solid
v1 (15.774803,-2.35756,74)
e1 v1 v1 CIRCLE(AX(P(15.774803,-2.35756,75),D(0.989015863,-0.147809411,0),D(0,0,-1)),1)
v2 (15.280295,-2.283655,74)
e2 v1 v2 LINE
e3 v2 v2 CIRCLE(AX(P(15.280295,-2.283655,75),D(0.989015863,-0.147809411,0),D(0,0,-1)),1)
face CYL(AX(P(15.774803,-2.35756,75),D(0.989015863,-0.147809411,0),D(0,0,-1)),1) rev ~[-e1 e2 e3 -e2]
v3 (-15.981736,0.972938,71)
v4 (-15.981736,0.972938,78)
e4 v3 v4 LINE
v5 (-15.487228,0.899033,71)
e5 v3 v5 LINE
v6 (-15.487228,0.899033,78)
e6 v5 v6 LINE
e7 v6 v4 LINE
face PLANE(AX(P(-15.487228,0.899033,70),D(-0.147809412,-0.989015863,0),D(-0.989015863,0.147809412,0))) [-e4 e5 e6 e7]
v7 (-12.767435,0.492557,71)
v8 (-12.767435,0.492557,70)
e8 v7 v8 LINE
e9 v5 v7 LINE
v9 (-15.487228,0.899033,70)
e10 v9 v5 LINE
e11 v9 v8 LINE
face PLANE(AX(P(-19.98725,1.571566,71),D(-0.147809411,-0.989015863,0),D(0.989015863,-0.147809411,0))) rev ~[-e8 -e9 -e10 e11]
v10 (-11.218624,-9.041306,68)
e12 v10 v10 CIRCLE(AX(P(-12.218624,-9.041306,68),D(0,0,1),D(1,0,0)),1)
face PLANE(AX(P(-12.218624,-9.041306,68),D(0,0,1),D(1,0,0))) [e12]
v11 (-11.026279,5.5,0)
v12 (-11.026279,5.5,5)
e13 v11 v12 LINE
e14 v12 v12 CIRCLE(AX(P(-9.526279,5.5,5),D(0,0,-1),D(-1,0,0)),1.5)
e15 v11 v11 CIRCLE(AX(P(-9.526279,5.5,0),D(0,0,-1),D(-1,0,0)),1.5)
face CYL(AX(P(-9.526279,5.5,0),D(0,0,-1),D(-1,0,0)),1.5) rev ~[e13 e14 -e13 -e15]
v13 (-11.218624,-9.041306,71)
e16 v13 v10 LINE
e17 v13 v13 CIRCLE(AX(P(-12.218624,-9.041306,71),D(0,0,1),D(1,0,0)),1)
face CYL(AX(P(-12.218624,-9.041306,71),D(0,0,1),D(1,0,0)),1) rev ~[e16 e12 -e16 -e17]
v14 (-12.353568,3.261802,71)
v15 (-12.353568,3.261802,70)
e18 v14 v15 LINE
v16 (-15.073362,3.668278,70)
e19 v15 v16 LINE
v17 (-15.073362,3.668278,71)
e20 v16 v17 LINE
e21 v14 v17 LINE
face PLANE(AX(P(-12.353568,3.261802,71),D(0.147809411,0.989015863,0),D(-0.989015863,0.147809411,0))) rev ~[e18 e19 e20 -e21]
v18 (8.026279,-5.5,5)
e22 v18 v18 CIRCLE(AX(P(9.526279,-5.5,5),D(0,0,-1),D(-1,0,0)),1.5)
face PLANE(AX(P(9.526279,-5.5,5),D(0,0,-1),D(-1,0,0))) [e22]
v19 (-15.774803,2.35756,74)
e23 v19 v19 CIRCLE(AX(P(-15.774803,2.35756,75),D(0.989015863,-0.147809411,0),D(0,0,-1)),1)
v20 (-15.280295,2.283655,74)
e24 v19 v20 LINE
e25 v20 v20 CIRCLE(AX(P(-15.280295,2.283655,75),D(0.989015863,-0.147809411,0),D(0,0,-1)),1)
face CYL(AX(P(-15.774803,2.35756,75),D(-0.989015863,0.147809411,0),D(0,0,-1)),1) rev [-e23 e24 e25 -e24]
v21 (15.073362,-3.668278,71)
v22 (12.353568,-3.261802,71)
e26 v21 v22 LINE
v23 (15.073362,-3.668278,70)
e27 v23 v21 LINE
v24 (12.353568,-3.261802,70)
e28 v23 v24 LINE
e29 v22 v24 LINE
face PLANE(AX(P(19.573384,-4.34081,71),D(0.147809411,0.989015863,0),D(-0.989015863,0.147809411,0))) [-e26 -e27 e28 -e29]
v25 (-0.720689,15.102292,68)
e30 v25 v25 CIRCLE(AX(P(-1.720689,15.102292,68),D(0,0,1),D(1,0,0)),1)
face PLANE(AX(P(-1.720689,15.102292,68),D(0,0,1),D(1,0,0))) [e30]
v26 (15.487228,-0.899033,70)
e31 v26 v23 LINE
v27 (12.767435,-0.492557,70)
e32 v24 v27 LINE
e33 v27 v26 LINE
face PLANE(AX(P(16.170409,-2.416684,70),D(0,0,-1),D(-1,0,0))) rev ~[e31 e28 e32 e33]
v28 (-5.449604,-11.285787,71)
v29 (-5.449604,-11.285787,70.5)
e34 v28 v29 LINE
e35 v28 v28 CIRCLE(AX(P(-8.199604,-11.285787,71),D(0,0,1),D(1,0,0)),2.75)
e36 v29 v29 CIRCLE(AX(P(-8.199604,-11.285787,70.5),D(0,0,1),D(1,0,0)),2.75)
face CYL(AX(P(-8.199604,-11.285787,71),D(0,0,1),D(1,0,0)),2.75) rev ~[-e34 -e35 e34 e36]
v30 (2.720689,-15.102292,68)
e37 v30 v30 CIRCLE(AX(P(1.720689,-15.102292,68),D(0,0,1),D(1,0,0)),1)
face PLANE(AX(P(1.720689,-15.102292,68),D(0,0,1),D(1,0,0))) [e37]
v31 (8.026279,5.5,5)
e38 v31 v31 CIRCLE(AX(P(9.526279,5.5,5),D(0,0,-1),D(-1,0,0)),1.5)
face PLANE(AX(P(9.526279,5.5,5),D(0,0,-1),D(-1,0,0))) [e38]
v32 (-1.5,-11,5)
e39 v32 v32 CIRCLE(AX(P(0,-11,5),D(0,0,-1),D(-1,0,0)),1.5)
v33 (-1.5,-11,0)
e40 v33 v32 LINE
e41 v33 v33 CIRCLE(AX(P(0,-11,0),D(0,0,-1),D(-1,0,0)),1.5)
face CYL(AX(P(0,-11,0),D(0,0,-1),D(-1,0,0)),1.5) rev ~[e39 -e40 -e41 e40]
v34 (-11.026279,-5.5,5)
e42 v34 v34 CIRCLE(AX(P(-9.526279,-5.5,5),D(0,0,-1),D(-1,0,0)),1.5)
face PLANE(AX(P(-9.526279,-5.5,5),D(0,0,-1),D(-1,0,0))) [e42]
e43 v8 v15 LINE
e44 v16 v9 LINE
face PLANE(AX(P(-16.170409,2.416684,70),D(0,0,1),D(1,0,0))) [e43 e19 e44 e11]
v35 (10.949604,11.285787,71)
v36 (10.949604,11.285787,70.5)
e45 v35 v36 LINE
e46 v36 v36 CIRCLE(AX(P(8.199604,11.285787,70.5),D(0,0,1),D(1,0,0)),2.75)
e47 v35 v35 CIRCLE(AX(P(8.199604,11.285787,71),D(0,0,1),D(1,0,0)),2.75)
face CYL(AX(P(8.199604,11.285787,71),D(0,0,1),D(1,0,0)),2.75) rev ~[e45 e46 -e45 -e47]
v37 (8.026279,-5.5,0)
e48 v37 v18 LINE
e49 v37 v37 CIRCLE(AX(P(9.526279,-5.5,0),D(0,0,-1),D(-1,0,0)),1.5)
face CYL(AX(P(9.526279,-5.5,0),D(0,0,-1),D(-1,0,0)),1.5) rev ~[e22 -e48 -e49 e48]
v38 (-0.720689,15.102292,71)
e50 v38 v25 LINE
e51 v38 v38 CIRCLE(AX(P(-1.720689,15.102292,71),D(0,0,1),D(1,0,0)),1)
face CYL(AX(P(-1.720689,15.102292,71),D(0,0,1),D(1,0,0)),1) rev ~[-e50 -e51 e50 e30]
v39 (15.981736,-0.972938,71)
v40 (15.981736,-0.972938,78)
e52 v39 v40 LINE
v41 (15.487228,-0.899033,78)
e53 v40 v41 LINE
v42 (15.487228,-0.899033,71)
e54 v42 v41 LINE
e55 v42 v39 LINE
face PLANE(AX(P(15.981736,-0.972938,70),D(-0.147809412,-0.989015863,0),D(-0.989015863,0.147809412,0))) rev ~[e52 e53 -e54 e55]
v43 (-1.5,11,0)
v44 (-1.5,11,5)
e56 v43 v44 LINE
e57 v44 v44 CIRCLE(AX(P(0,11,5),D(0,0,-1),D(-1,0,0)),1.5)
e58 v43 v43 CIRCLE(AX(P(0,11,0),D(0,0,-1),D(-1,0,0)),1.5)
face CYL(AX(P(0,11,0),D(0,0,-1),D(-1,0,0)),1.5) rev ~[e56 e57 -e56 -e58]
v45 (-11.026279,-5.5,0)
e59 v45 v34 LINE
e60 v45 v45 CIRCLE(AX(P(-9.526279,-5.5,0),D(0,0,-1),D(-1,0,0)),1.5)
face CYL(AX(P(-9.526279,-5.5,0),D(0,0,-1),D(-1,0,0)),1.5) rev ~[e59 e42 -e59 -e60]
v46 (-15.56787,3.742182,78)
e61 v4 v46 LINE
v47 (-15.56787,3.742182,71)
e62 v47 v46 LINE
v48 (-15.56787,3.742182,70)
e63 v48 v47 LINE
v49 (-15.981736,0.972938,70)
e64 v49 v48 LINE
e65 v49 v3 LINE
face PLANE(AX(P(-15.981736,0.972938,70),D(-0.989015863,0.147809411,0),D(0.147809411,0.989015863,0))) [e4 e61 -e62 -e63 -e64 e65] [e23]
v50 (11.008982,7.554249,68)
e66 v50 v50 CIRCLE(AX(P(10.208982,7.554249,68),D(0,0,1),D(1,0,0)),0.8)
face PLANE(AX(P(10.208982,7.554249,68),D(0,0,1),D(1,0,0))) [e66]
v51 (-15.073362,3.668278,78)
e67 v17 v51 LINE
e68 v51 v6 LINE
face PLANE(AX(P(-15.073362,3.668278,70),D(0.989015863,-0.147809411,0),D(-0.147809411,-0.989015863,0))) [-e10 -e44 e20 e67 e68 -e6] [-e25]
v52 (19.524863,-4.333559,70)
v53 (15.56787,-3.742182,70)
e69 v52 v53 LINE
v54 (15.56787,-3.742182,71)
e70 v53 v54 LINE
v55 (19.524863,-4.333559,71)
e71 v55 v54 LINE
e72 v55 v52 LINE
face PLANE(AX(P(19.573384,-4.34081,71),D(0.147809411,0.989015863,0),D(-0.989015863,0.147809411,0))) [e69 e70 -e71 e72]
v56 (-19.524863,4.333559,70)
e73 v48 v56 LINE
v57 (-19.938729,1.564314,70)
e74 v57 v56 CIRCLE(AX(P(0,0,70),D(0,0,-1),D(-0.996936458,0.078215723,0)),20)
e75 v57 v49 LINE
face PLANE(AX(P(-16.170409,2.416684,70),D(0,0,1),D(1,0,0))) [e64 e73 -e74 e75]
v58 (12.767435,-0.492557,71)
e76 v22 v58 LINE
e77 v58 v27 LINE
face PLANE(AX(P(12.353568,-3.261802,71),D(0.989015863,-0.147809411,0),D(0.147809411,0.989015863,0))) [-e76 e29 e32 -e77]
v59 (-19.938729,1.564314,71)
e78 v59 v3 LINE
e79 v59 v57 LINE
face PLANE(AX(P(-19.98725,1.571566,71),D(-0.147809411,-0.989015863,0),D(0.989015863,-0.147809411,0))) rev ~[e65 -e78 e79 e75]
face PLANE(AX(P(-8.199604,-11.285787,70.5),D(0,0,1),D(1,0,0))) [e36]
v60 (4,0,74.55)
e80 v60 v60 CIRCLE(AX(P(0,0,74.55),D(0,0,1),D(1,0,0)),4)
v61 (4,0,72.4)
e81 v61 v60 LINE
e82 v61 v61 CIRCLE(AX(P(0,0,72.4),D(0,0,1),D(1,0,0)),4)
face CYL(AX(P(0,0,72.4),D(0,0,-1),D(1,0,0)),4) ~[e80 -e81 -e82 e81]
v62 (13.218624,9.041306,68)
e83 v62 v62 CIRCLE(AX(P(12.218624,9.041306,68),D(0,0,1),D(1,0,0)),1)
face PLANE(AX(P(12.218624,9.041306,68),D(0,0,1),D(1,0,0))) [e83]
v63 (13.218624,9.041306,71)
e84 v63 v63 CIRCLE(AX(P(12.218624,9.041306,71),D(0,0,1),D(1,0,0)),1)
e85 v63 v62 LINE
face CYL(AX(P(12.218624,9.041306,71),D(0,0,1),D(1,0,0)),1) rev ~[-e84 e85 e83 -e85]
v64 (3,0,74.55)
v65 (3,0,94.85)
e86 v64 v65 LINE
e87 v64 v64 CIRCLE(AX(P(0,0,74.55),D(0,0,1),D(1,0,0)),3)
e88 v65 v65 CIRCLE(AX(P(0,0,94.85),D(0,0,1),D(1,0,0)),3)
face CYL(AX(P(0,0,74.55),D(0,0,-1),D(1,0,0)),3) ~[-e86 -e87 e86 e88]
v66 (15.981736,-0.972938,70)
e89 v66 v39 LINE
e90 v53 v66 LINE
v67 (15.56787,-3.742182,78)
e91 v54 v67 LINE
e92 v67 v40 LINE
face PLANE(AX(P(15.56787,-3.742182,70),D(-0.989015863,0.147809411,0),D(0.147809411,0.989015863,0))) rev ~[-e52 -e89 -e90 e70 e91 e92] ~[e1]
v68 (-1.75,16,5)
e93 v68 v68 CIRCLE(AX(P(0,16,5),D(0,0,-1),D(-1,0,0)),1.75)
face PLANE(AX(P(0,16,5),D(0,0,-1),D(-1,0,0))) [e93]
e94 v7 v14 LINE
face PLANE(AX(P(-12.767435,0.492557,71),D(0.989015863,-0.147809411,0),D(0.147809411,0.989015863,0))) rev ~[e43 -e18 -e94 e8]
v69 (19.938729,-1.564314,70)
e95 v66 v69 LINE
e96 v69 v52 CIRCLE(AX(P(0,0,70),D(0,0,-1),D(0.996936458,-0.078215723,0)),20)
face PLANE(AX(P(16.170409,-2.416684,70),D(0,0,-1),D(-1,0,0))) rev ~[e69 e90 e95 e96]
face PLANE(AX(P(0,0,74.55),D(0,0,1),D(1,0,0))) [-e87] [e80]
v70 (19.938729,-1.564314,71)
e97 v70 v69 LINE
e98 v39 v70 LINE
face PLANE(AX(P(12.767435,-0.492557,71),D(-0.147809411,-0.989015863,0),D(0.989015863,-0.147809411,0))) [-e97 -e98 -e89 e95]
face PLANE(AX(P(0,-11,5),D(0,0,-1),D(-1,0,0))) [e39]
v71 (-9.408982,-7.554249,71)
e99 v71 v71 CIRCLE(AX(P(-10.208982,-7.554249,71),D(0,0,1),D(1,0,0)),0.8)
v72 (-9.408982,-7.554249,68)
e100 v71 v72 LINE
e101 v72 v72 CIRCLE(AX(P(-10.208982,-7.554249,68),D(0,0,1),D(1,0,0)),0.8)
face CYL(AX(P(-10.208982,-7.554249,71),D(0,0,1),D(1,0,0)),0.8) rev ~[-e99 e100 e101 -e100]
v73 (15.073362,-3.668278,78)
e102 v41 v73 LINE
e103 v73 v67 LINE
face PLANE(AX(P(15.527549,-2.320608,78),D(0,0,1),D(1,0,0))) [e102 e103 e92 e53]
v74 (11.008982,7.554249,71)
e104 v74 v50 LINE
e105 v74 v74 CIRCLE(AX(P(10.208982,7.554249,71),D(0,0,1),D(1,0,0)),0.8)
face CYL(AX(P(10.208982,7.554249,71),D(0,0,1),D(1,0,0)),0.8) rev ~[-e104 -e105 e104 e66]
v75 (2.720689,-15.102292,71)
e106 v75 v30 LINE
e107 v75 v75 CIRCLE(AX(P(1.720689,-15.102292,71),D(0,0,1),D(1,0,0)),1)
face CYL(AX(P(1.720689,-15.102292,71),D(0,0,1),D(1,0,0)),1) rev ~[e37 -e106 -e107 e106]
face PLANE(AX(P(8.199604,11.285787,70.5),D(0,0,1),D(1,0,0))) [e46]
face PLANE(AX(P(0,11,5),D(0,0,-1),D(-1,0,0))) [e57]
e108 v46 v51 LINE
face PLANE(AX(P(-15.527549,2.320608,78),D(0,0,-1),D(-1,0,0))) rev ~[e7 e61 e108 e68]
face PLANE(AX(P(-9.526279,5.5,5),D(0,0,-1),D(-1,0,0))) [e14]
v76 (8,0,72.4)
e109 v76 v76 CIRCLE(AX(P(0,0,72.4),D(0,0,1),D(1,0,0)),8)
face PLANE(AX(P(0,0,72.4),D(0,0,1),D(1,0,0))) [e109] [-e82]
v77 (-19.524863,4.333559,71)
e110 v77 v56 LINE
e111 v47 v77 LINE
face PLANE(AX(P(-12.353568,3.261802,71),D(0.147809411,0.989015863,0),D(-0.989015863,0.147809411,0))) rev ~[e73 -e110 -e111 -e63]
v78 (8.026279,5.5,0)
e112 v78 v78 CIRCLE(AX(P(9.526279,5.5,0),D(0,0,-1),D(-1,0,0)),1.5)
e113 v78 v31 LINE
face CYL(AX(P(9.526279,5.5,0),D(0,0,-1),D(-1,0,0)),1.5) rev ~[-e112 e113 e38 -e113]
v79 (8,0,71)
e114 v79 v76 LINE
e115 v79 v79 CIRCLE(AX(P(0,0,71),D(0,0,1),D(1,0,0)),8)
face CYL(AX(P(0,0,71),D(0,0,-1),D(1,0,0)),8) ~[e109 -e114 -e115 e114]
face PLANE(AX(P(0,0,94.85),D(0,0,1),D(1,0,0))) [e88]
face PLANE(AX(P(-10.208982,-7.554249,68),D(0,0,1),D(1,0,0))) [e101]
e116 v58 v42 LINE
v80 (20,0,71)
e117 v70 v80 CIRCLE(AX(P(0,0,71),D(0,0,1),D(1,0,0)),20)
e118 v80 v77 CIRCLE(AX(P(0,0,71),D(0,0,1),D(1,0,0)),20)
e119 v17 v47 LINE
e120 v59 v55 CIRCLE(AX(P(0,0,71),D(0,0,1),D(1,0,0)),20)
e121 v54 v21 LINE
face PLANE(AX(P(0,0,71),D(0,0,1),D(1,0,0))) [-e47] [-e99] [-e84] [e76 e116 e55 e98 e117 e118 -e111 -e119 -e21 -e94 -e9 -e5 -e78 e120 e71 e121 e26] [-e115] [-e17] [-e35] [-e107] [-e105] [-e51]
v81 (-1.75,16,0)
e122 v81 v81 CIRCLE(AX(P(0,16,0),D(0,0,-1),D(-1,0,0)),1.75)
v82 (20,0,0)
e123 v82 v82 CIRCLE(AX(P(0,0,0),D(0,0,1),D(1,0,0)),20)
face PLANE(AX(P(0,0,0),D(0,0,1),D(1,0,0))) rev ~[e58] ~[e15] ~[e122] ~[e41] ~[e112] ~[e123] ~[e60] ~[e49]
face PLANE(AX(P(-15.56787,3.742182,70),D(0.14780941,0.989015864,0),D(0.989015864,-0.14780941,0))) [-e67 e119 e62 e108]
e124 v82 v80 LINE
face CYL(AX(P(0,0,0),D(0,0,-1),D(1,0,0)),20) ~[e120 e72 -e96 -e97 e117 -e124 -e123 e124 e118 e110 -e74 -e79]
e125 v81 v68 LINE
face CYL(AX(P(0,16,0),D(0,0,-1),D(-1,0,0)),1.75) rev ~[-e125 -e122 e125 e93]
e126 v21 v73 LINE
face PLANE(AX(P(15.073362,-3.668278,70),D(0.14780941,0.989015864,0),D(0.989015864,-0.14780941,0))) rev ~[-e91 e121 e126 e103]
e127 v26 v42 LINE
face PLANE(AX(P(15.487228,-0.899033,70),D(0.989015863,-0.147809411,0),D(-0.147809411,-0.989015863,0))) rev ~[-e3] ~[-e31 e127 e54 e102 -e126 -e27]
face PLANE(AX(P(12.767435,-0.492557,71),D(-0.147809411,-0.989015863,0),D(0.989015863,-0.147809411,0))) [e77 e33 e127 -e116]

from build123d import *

# Parameters (mm, degrees)
SKETCH1_R           = 20
BOSS_EXTRUDE1_DEPTH = 71
SKETCH2_R           = 8
BOSS_EXTRUDE2_DEPTH = 1.4
SKETCH3_R           = 4
BOSS_EXTRUDE3_DEPTH = 2.15
SKETCH4_R           = 3
BOSS_EXTRUDE4_DEPTH = 20.3
SKETCH5_R           = 1
SKETCH5_R_2         = 0.8
CUT_EXTRUDE1_DEPTH  = 3
CUT_EXTRUDE2_DEPTH  = 1
BOSS_EXTRUDE5_DEPTH = 8
SKETCH8_R           = 2.75
CUT_EXTRUDE3_DEPTH  = 0.5
CUT_EXTRUDE4_REACH  = 105.809
SKETCH9_R           = 1
CUT_EXTRUDE5_REACH  = 137.209
CUT_EXTRUDE5_START  = -31.4
SKETCH9_2_R         = 1
SKETCH10_R          = 1.5
SKETCH10_R_2        = 1.75
CUT_EXTRUDE6_DEPTH  = 5


with BuildPart() as part:
    # Sketch1 → Boss-Extrude1 (new body)
    with BuildSketch(Plane.XY):
        Circle(SKETCH1_R)
    extrude(amount=BOSS_EXTRUDE1_DEPTH)

    # Sketch2 → Boss-Extrude2 (add)
    with BuildSketch(Plane.XY.offset(71)):
        Circle(SKETCH2_R)
    extrude(amount=BOSS_EXTRUDE2_DEPTH)

    # Sketch3 → Boss-Extrude3 (add)
    with BuildSketch(Plane.XY.offset(72.4)):
        Circle(SKETCH3_R)
    extrude(amount=BOSS_EXTRUDE3_DEPTH)

    # Sketch4 → Boss-Extrude4 (add)
    with BuildSketch(Plane.XY.offset(74.55)):
        Circle(SKETCH4_R)
    extrude(amount=BOSS_EXTRUDE4_DEPTH)

    # Sketch5 → Cut-Extrude1 (cut)
    with BuildSketch(Plane.XY.offset(71)):
        with Locations((12.218624281, 9.041306359)):
            Circle(SKETCH5_R)
        with Locations((-12.218624281, -9.041306359)):
            Circle(SKETCH5_R)
        with Locations((-1.720688849, 15.102292206)):
            Circle(SKETCH5_R)
        with Locations((1.720688849, -15.102292206)):
            Circle(SKETCH5_R)
        with Locations((10.20898213, 7.554249392)):
            Circle(SKETCH5_R_2)
        with Locations((-10.20898213, -7.554249392)):
            Circle(SKETCH5_R_2)
    extrude(amount=-CUT_EXTRUDE1_DEPTH, mode=Mode.SUBTRACT)

    # Sketch6 → Cut-Extrude2 (cut)
    with BuildSketch(Plane.XY.offset(71)):
        Polygon((-19.987250443, 1.571566014), (-12.76743464, 0.492557313), (-12.353568289, 3.26180173), (-19.573384092, 4.340810431), align=None)
        Polygon((19.573384092, -4.340810431), (12.353568289, -3.26180173), (12.76743464, -0.492557313), (19.987250443, -1.571566014), align=None)
    extrude(amount=-CUT_EXTRUDE2_DEPTH, mode=Mode.SUBTRACT)

    # Sketch7 → Boss-Extrude5 (add)
    with BuildSketch(Plane.XY.offset(70)):
        Polygon((-15.981736196, 0.972937899), (-15.567869845, 3.742182316), (-15.073361913, 3.668277611), (-15.487228265, 0.899033193), align=None)
        Polygon((15.567869845, -3.742182316), (15.981736196, -0.972937899), (15.487228265, -0.899033193), (15.073361913, -3.668277611), align=None)
    extrude(amount=BOSS_EXTRUDE5_DEPTH)

    # Sketch8 → Cut-Extrude3 (cut)
    with BuildSketch(Plane.XY.offset(71)):
        with Locations((8.199604269, 11.285787072)):
            Circle(SKETCH8_R)
        with Locations((-8.199604269, -11.285787072)):
            Circle(SKETCH8_R)
    extrude(amount=-CUT_EXTRUDE3_DEPTH, mode=Mode.SUBTRACT)

    # Sketch9 → Cut-Extrude4 (cut, up to next)
    with BuildSketch(Plane(origin=(15.774803021, -2.357560108, 0), x_dir=(0, 0, -1), z_dir=(0.9890158633619179, -0.147809411129604, 0)), mode=Mode.PRIVATE) as cut_extrude4_sk1:
        with Locations((-75, 0)):
            Circle(SKETCH9_R)
    cut_extrude4_tool1 = extrude(cut_extrude4_sk1.sketch, amount=-CUT_EXTRUDE4_REACH, mode=Mode.PRIVATE) & part.part
    add(cut_extrude4_tool1.solids().sort_by_distance((15.774803, -2.35756, 75))[0], mode=Mode.SUBTRACT)

    # Sketch9<2> → Cut-Extrude5 (cut, up to next)
    with BuildSketch(Plane(origin=(15.774803021, -2.357560108, 0), x_dir=(0, 0, -1), z_dir=(0.9890158633619179, -0.147809411129604, 0)).offset(CUT_EXTRUDE5_START), mode=Mode.PRIVATE) as cut_extrude5_sk1:
        with Locations((-75, 0)):
            Circle(SKETCH9_2_R)
    cut_extrude5_tool1 = extrude(cut_extrude5_sk1.sketch, amount=-CUT_EXTRUDE5_REACH, mode=Mode.PRIVATE) & part.part
    add(cut_extrude5_tool1.solids().sort_by_distance((-15.280295, 2.283655, 75))[0], mode=Mode.SUBTRACT)

    # Sketch10 → Cut-Extrude6 (cut)
    with BuildSketch(Plane(origin=(0, 0, 0), x_dir=(-1, 0, 0), z_dir=(0, 0, -1))):
        with Locations((0, 11)):
            Circle(SKETCH10_R)
        with Locations((9.526279442, 5.5)):
            Circle(SKETCH10_R)
        with Locations((9.526279442, -5.5)):
            Circle(SKETCH10_R)
        with Locations((0, -11)):
            Circle(SKETCH10_R)
        with Locations((-9.526279442, -5.5)):
            Circle(SKETCH10_R)
        with Locations((-9.526279442, 5.5)):
            Circle(SKETCH10_R)
        with Locations((0, 16)):
            Circle(SKETCH10_R_2)
    extrude(amount=-CUT_EXTRUDE6_DEPTH, mode=Mode.SUBTRACT)


solid = part.part
